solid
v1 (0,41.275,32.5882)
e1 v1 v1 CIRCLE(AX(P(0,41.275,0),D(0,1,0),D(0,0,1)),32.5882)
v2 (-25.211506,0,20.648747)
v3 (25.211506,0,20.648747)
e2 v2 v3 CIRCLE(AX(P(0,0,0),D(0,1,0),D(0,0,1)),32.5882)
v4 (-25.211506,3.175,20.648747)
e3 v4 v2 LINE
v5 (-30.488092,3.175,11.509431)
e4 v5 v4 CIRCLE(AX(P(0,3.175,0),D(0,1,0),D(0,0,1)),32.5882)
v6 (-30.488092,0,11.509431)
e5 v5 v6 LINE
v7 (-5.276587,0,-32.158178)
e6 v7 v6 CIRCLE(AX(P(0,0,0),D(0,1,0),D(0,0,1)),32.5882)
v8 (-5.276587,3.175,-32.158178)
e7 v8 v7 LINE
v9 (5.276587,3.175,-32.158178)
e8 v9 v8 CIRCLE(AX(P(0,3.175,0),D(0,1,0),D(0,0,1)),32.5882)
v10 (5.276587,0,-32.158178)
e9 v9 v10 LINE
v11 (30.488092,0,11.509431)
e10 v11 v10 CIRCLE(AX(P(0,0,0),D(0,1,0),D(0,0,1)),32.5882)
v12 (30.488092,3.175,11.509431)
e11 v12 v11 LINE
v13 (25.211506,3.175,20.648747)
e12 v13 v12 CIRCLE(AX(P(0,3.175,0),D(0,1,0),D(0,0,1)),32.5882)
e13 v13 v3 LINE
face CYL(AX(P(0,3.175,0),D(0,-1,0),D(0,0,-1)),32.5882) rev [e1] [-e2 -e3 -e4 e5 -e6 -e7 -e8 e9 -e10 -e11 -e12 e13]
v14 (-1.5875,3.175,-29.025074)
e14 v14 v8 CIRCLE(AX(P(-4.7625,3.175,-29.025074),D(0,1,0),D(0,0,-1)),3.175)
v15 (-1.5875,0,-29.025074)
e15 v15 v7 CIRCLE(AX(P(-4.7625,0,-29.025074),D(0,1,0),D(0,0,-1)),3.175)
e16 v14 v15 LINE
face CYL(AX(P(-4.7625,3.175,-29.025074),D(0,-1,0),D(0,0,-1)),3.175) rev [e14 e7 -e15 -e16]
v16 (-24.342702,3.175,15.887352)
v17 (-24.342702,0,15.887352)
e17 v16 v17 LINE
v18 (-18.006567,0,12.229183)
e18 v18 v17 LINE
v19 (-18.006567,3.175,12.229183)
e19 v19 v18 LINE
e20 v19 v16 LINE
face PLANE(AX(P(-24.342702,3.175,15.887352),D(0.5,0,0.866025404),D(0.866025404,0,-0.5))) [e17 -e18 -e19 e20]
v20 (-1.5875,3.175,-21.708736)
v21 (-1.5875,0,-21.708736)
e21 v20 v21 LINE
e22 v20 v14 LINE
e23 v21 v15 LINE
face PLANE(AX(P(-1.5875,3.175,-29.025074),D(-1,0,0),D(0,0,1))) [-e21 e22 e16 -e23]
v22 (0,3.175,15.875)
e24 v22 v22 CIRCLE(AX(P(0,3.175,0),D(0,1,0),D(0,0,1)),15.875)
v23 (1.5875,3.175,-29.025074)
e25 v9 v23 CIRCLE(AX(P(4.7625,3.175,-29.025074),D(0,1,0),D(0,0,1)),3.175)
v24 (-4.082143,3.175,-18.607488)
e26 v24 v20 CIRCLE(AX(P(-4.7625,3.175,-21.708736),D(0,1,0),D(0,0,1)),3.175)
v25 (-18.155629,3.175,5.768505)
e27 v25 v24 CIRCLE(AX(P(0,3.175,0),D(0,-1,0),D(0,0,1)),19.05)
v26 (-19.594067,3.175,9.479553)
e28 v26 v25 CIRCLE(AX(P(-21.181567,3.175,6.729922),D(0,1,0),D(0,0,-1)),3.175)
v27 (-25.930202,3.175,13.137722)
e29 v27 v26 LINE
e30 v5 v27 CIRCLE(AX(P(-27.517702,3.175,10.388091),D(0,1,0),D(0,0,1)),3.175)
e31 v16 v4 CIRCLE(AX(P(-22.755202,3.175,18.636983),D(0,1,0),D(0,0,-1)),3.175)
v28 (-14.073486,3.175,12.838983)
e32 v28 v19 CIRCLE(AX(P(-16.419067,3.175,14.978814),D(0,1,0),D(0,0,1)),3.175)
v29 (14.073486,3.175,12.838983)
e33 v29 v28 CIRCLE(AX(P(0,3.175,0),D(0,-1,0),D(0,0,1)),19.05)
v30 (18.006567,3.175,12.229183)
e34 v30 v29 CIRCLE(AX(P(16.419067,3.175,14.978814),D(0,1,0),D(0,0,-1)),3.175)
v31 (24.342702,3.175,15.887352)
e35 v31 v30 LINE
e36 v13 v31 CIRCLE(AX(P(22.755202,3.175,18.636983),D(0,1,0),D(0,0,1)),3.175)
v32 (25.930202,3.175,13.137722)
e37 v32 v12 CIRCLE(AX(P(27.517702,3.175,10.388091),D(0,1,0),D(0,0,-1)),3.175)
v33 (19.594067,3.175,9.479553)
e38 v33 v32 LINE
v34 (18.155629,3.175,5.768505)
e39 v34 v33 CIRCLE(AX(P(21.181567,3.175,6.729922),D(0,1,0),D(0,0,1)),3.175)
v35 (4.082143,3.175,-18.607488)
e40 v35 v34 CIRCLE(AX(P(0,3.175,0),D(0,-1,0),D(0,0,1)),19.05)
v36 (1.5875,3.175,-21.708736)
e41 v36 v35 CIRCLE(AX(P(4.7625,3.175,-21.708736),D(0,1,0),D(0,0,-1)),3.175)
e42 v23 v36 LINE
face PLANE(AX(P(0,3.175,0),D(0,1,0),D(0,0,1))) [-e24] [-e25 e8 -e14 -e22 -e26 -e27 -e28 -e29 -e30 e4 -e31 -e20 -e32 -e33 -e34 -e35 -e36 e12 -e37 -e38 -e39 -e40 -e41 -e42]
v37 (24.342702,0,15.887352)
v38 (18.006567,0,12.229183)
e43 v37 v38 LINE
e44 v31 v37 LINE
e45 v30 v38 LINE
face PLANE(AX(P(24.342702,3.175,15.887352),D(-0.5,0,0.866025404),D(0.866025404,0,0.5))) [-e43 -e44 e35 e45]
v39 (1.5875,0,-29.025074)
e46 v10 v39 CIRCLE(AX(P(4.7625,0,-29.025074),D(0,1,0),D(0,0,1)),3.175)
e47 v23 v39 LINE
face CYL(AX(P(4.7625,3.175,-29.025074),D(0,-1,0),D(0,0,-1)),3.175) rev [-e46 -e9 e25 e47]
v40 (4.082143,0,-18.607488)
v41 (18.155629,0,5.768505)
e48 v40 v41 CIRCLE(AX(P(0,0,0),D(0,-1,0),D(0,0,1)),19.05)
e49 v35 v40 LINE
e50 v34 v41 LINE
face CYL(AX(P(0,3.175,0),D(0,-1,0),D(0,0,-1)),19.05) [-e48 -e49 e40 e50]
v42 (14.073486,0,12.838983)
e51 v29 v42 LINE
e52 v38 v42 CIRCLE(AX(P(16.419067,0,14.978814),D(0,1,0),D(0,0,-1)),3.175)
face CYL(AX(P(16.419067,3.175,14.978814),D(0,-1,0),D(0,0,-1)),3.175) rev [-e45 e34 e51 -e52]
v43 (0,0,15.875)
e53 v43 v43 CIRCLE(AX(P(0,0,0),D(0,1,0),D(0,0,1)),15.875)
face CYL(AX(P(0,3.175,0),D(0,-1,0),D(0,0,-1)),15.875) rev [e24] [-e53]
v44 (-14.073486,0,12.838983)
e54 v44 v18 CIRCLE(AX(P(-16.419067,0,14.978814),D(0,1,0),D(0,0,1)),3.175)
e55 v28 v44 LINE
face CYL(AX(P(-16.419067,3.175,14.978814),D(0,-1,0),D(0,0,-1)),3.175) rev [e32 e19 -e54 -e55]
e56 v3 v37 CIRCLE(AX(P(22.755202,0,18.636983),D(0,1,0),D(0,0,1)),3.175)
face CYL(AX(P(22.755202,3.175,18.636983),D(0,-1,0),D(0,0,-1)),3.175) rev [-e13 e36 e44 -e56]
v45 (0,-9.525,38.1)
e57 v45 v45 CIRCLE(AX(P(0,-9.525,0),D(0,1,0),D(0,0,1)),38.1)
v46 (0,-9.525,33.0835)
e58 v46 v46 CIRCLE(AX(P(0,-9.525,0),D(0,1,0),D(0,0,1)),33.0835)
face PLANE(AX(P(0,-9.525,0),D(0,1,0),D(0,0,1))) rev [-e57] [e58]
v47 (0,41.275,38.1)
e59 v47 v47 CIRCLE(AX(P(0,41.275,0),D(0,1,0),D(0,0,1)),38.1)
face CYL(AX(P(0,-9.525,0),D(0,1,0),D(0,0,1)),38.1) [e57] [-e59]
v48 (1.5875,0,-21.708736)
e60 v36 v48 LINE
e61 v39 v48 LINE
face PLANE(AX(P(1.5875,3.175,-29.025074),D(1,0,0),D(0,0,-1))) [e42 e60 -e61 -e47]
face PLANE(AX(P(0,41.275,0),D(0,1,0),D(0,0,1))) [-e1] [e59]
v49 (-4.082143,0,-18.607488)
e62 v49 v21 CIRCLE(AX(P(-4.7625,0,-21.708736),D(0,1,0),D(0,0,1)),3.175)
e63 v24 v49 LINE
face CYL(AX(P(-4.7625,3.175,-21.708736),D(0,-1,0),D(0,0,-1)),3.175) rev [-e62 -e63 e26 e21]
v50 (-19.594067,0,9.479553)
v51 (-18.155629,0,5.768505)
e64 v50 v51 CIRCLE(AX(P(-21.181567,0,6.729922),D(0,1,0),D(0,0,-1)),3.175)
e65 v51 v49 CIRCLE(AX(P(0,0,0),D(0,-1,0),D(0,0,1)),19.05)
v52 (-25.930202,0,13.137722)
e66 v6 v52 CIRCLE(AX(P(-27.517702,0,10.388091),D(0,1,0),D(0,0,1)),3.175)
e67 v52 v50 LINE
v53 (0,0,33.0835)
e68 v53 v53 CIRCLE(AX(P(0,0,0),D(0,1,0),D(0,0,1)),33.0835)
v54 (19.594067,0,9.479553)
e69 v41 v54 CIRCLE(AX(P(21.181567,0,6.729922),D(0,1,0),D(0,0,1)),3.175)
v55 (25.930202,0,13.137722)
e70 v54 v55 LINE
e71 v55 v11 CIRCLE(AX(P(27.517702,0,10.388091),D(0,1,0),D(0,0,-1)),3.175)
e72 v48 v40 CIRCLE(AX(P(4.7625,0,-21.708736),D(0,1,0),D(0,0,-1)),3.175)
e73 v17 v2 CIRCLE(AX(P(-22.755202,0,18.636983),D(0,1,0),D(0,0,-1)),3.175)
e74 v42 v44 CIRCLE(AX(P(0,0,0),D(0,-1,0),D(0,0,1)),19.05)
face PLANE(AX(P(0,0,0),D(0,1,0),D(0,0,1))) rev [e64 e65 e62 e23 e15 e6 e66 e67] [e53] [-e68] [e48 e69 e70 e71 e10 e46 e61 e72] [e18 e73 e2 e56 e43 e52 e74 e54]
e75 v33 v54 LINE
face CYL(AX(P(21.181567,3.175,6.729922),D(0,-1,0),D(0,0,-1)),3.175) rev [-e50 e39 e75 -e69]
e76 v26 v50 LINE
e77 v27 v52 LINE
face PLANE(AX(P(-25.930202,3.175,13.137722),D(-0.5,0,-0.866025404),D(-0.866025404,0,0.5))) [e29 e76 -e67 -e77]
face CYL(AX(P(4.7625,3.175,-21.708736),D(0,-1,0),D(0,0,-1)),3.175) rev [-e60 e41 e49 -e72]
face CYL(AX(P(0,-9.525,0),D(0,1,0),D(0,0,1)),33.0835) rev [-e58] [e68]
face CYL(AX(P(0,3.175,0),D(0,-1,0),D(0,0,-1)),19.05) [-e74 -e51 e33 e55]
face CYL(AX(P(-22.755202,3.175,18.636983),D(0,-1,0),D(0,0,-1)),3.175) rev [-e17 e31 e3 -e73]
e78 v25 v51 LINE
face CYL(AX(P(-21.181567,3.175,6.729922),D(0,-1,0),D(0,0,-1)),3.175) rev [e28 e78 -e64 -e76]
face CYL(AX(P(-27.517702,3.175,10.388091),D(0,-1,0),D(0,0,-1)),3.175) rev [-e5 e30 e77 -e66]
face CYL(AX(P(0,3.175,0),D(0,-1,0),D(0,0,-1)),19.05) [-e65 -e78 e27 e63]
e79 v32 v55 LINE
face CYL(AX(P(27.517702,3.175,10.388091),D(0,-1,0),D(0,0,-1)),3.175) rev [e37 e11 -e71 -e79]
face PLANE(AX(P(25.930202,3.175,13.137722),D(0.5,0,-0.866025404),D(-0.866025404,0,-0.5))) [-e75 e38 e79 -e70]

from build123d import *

# Parameters (mm, degrees)
SKETCH1_R           = 38.1
SKETCH1_R_2         = 33.0835
BOSS_EXTRUDE1_DEPTH = 9.525
SKETCH2_R           = 38.1
SKETCH2_R_2         = 15.875
BOSS_EXTRUDE2_DEPTH = 3.175
SKETCH4_R           = 38.1
SKETCH4_R_2         = 32.5882
BOSS_EXTRUDE3_DEPTH = 38.1


with BuildPart() as part:
    # Sketch1 → Boss-Extrude1 (new body)
    with BuildSketch(Plane(origin=(0, 0, 0), x_dir=(1, 0, 0), z_dir=(0, 1, 0))):
        Circle(SKETCH1_R)
        Circle(SKETCH1_R_2, mode=Mode.SUBTRACT)
    extrude(amount=-BOSS_EXTRUDE1_DEPTH)

    # Sketch2 → Boss-Extrude2 (add)
    with BuildSketch(Plane(origin=(0, 0, 0), x_dir=(1, 0, 0), z_dir=(0, 1, 0))):
        Circle(SKETCH2_R)
        Circle(SKETCH2_R_2, mode=Mode.SUBTRACT)
        with BuildLine():
            Line((-1.5875, 29.025074125), (-1.5875, 21.708736001))
            ThreePointArc((-1.5875, 21.708736001), (-2.288559931, 19.718699434), (-4.082142857, 18.607488001))
            ThreePointArc((-4.082142857, 18.607488001), (-16.497783942, 9.525), (-18.155628738, -5.768504584))
            ThreePointArc((-18.155628738, -5.768504584), (-18.221174605, -7.877398679), (-19.594066861, -9.479552672))
            Line((-19.594066861, -9.479552672), (-25.930201539, -13.137721734))
            ThreePointArc((-25.930201539, -13.137721734), (-28.585844638, -13.378023404), (-30.488092465, -11.509430788))
            ThreePointArc((-30.488092465, -11.509430788), (-28.222209064, 16.2941), (-5.276586788, 32.158177982))
            ThreePointArc((-5.276586788, 32.158177982), (-2.707214199, 31.445079348), (-1.5875, 29.025074125))
        make_face(mode=Mode.SUBTRACT)
        with BuildLine():
            Line((1.5875, 29.025074125), (1.5875, 21.708736001))
            ThreePointArc((1.5875, 21.708736001), (2.288559931, 19.718699434), (4.082142857, 18.607488001))
            ThreePointArc((4.082142857, 18.607488001), (16.497783942, 9.525), (18.155628738, -5.768504584))
            ThreePointArc((18.155628738, -5.768504584), (18.221174605, -7.877398679), (19.594066861, -9.479552672))
            Line((19.594066861, -9.479552672), (25.930201539, -13.137721734))
            ThreePointArc((25.930201539, -13.137721734), (28.585844638, -13.378023404), (30.488092465, -11.509430788))
            ThreePointArc((30.488092465, -11.509430788), (28.222209064, 16.2941), (5.276586788, 32.158177982))
            ThreePointArc((5.276586788, 32.158177982), (2.707214199, 31.445079348), (1.5875, 29.025074125))
        make_face(mode=Mode.SUBTRACT)
        with BuildLine():
            Line((24.342701539, -15.887352391), (18.006566861, -12.229183329))
            ThreePointArc((18.006566861, -12.229183329), (15.932614674, -11.841300756), (14.073485881, -12.838983416))
            ThreePointArc((14.073485881, -12.838983416), (0, -19.05), (-14.073485881, -12.838983416))
            ThreePointArc((-14.073485881, -12.838983416), (-15.932614674, -11.841300756), (-18.006566861, -12.229183329))
            Line((-18.006566861, -12.229183329), (-24.342701539, -15.887352391))
            ThreePointArc((-24.342701539, -15.887352391), (-25.87863044, -18.067055943), (-25.211505678, -20.648747194))
            ThreePointArc((-25.211505678, -20.648747194), (0, -32.5882), (25.211505678, -20.648747194))
            ThreePointArc((25.211505678, -20.648747194), (25.87863044, -18.067055943), (24.342701539, -15.887352391))
        make_face(mode=Mode.SUBTRACT)
    extrude(amount=BOSS_EXTRUDE2_DEPTH)

    # Sketch4 → Boss-Extrude3 (add)
    with BuildSketch(Plane(origin=(0, 3.175, 0), x_dir=(1, 0, 0), z_dir=(0, 1, 0))):
        Circle(SKETCH4_R)
        Circle(SKETCH4_R_2, mode=Mode.SUBTRACT)
    extrude(amount=BOSS_EXTRUDE3_DEPTH)


solid = part.part
